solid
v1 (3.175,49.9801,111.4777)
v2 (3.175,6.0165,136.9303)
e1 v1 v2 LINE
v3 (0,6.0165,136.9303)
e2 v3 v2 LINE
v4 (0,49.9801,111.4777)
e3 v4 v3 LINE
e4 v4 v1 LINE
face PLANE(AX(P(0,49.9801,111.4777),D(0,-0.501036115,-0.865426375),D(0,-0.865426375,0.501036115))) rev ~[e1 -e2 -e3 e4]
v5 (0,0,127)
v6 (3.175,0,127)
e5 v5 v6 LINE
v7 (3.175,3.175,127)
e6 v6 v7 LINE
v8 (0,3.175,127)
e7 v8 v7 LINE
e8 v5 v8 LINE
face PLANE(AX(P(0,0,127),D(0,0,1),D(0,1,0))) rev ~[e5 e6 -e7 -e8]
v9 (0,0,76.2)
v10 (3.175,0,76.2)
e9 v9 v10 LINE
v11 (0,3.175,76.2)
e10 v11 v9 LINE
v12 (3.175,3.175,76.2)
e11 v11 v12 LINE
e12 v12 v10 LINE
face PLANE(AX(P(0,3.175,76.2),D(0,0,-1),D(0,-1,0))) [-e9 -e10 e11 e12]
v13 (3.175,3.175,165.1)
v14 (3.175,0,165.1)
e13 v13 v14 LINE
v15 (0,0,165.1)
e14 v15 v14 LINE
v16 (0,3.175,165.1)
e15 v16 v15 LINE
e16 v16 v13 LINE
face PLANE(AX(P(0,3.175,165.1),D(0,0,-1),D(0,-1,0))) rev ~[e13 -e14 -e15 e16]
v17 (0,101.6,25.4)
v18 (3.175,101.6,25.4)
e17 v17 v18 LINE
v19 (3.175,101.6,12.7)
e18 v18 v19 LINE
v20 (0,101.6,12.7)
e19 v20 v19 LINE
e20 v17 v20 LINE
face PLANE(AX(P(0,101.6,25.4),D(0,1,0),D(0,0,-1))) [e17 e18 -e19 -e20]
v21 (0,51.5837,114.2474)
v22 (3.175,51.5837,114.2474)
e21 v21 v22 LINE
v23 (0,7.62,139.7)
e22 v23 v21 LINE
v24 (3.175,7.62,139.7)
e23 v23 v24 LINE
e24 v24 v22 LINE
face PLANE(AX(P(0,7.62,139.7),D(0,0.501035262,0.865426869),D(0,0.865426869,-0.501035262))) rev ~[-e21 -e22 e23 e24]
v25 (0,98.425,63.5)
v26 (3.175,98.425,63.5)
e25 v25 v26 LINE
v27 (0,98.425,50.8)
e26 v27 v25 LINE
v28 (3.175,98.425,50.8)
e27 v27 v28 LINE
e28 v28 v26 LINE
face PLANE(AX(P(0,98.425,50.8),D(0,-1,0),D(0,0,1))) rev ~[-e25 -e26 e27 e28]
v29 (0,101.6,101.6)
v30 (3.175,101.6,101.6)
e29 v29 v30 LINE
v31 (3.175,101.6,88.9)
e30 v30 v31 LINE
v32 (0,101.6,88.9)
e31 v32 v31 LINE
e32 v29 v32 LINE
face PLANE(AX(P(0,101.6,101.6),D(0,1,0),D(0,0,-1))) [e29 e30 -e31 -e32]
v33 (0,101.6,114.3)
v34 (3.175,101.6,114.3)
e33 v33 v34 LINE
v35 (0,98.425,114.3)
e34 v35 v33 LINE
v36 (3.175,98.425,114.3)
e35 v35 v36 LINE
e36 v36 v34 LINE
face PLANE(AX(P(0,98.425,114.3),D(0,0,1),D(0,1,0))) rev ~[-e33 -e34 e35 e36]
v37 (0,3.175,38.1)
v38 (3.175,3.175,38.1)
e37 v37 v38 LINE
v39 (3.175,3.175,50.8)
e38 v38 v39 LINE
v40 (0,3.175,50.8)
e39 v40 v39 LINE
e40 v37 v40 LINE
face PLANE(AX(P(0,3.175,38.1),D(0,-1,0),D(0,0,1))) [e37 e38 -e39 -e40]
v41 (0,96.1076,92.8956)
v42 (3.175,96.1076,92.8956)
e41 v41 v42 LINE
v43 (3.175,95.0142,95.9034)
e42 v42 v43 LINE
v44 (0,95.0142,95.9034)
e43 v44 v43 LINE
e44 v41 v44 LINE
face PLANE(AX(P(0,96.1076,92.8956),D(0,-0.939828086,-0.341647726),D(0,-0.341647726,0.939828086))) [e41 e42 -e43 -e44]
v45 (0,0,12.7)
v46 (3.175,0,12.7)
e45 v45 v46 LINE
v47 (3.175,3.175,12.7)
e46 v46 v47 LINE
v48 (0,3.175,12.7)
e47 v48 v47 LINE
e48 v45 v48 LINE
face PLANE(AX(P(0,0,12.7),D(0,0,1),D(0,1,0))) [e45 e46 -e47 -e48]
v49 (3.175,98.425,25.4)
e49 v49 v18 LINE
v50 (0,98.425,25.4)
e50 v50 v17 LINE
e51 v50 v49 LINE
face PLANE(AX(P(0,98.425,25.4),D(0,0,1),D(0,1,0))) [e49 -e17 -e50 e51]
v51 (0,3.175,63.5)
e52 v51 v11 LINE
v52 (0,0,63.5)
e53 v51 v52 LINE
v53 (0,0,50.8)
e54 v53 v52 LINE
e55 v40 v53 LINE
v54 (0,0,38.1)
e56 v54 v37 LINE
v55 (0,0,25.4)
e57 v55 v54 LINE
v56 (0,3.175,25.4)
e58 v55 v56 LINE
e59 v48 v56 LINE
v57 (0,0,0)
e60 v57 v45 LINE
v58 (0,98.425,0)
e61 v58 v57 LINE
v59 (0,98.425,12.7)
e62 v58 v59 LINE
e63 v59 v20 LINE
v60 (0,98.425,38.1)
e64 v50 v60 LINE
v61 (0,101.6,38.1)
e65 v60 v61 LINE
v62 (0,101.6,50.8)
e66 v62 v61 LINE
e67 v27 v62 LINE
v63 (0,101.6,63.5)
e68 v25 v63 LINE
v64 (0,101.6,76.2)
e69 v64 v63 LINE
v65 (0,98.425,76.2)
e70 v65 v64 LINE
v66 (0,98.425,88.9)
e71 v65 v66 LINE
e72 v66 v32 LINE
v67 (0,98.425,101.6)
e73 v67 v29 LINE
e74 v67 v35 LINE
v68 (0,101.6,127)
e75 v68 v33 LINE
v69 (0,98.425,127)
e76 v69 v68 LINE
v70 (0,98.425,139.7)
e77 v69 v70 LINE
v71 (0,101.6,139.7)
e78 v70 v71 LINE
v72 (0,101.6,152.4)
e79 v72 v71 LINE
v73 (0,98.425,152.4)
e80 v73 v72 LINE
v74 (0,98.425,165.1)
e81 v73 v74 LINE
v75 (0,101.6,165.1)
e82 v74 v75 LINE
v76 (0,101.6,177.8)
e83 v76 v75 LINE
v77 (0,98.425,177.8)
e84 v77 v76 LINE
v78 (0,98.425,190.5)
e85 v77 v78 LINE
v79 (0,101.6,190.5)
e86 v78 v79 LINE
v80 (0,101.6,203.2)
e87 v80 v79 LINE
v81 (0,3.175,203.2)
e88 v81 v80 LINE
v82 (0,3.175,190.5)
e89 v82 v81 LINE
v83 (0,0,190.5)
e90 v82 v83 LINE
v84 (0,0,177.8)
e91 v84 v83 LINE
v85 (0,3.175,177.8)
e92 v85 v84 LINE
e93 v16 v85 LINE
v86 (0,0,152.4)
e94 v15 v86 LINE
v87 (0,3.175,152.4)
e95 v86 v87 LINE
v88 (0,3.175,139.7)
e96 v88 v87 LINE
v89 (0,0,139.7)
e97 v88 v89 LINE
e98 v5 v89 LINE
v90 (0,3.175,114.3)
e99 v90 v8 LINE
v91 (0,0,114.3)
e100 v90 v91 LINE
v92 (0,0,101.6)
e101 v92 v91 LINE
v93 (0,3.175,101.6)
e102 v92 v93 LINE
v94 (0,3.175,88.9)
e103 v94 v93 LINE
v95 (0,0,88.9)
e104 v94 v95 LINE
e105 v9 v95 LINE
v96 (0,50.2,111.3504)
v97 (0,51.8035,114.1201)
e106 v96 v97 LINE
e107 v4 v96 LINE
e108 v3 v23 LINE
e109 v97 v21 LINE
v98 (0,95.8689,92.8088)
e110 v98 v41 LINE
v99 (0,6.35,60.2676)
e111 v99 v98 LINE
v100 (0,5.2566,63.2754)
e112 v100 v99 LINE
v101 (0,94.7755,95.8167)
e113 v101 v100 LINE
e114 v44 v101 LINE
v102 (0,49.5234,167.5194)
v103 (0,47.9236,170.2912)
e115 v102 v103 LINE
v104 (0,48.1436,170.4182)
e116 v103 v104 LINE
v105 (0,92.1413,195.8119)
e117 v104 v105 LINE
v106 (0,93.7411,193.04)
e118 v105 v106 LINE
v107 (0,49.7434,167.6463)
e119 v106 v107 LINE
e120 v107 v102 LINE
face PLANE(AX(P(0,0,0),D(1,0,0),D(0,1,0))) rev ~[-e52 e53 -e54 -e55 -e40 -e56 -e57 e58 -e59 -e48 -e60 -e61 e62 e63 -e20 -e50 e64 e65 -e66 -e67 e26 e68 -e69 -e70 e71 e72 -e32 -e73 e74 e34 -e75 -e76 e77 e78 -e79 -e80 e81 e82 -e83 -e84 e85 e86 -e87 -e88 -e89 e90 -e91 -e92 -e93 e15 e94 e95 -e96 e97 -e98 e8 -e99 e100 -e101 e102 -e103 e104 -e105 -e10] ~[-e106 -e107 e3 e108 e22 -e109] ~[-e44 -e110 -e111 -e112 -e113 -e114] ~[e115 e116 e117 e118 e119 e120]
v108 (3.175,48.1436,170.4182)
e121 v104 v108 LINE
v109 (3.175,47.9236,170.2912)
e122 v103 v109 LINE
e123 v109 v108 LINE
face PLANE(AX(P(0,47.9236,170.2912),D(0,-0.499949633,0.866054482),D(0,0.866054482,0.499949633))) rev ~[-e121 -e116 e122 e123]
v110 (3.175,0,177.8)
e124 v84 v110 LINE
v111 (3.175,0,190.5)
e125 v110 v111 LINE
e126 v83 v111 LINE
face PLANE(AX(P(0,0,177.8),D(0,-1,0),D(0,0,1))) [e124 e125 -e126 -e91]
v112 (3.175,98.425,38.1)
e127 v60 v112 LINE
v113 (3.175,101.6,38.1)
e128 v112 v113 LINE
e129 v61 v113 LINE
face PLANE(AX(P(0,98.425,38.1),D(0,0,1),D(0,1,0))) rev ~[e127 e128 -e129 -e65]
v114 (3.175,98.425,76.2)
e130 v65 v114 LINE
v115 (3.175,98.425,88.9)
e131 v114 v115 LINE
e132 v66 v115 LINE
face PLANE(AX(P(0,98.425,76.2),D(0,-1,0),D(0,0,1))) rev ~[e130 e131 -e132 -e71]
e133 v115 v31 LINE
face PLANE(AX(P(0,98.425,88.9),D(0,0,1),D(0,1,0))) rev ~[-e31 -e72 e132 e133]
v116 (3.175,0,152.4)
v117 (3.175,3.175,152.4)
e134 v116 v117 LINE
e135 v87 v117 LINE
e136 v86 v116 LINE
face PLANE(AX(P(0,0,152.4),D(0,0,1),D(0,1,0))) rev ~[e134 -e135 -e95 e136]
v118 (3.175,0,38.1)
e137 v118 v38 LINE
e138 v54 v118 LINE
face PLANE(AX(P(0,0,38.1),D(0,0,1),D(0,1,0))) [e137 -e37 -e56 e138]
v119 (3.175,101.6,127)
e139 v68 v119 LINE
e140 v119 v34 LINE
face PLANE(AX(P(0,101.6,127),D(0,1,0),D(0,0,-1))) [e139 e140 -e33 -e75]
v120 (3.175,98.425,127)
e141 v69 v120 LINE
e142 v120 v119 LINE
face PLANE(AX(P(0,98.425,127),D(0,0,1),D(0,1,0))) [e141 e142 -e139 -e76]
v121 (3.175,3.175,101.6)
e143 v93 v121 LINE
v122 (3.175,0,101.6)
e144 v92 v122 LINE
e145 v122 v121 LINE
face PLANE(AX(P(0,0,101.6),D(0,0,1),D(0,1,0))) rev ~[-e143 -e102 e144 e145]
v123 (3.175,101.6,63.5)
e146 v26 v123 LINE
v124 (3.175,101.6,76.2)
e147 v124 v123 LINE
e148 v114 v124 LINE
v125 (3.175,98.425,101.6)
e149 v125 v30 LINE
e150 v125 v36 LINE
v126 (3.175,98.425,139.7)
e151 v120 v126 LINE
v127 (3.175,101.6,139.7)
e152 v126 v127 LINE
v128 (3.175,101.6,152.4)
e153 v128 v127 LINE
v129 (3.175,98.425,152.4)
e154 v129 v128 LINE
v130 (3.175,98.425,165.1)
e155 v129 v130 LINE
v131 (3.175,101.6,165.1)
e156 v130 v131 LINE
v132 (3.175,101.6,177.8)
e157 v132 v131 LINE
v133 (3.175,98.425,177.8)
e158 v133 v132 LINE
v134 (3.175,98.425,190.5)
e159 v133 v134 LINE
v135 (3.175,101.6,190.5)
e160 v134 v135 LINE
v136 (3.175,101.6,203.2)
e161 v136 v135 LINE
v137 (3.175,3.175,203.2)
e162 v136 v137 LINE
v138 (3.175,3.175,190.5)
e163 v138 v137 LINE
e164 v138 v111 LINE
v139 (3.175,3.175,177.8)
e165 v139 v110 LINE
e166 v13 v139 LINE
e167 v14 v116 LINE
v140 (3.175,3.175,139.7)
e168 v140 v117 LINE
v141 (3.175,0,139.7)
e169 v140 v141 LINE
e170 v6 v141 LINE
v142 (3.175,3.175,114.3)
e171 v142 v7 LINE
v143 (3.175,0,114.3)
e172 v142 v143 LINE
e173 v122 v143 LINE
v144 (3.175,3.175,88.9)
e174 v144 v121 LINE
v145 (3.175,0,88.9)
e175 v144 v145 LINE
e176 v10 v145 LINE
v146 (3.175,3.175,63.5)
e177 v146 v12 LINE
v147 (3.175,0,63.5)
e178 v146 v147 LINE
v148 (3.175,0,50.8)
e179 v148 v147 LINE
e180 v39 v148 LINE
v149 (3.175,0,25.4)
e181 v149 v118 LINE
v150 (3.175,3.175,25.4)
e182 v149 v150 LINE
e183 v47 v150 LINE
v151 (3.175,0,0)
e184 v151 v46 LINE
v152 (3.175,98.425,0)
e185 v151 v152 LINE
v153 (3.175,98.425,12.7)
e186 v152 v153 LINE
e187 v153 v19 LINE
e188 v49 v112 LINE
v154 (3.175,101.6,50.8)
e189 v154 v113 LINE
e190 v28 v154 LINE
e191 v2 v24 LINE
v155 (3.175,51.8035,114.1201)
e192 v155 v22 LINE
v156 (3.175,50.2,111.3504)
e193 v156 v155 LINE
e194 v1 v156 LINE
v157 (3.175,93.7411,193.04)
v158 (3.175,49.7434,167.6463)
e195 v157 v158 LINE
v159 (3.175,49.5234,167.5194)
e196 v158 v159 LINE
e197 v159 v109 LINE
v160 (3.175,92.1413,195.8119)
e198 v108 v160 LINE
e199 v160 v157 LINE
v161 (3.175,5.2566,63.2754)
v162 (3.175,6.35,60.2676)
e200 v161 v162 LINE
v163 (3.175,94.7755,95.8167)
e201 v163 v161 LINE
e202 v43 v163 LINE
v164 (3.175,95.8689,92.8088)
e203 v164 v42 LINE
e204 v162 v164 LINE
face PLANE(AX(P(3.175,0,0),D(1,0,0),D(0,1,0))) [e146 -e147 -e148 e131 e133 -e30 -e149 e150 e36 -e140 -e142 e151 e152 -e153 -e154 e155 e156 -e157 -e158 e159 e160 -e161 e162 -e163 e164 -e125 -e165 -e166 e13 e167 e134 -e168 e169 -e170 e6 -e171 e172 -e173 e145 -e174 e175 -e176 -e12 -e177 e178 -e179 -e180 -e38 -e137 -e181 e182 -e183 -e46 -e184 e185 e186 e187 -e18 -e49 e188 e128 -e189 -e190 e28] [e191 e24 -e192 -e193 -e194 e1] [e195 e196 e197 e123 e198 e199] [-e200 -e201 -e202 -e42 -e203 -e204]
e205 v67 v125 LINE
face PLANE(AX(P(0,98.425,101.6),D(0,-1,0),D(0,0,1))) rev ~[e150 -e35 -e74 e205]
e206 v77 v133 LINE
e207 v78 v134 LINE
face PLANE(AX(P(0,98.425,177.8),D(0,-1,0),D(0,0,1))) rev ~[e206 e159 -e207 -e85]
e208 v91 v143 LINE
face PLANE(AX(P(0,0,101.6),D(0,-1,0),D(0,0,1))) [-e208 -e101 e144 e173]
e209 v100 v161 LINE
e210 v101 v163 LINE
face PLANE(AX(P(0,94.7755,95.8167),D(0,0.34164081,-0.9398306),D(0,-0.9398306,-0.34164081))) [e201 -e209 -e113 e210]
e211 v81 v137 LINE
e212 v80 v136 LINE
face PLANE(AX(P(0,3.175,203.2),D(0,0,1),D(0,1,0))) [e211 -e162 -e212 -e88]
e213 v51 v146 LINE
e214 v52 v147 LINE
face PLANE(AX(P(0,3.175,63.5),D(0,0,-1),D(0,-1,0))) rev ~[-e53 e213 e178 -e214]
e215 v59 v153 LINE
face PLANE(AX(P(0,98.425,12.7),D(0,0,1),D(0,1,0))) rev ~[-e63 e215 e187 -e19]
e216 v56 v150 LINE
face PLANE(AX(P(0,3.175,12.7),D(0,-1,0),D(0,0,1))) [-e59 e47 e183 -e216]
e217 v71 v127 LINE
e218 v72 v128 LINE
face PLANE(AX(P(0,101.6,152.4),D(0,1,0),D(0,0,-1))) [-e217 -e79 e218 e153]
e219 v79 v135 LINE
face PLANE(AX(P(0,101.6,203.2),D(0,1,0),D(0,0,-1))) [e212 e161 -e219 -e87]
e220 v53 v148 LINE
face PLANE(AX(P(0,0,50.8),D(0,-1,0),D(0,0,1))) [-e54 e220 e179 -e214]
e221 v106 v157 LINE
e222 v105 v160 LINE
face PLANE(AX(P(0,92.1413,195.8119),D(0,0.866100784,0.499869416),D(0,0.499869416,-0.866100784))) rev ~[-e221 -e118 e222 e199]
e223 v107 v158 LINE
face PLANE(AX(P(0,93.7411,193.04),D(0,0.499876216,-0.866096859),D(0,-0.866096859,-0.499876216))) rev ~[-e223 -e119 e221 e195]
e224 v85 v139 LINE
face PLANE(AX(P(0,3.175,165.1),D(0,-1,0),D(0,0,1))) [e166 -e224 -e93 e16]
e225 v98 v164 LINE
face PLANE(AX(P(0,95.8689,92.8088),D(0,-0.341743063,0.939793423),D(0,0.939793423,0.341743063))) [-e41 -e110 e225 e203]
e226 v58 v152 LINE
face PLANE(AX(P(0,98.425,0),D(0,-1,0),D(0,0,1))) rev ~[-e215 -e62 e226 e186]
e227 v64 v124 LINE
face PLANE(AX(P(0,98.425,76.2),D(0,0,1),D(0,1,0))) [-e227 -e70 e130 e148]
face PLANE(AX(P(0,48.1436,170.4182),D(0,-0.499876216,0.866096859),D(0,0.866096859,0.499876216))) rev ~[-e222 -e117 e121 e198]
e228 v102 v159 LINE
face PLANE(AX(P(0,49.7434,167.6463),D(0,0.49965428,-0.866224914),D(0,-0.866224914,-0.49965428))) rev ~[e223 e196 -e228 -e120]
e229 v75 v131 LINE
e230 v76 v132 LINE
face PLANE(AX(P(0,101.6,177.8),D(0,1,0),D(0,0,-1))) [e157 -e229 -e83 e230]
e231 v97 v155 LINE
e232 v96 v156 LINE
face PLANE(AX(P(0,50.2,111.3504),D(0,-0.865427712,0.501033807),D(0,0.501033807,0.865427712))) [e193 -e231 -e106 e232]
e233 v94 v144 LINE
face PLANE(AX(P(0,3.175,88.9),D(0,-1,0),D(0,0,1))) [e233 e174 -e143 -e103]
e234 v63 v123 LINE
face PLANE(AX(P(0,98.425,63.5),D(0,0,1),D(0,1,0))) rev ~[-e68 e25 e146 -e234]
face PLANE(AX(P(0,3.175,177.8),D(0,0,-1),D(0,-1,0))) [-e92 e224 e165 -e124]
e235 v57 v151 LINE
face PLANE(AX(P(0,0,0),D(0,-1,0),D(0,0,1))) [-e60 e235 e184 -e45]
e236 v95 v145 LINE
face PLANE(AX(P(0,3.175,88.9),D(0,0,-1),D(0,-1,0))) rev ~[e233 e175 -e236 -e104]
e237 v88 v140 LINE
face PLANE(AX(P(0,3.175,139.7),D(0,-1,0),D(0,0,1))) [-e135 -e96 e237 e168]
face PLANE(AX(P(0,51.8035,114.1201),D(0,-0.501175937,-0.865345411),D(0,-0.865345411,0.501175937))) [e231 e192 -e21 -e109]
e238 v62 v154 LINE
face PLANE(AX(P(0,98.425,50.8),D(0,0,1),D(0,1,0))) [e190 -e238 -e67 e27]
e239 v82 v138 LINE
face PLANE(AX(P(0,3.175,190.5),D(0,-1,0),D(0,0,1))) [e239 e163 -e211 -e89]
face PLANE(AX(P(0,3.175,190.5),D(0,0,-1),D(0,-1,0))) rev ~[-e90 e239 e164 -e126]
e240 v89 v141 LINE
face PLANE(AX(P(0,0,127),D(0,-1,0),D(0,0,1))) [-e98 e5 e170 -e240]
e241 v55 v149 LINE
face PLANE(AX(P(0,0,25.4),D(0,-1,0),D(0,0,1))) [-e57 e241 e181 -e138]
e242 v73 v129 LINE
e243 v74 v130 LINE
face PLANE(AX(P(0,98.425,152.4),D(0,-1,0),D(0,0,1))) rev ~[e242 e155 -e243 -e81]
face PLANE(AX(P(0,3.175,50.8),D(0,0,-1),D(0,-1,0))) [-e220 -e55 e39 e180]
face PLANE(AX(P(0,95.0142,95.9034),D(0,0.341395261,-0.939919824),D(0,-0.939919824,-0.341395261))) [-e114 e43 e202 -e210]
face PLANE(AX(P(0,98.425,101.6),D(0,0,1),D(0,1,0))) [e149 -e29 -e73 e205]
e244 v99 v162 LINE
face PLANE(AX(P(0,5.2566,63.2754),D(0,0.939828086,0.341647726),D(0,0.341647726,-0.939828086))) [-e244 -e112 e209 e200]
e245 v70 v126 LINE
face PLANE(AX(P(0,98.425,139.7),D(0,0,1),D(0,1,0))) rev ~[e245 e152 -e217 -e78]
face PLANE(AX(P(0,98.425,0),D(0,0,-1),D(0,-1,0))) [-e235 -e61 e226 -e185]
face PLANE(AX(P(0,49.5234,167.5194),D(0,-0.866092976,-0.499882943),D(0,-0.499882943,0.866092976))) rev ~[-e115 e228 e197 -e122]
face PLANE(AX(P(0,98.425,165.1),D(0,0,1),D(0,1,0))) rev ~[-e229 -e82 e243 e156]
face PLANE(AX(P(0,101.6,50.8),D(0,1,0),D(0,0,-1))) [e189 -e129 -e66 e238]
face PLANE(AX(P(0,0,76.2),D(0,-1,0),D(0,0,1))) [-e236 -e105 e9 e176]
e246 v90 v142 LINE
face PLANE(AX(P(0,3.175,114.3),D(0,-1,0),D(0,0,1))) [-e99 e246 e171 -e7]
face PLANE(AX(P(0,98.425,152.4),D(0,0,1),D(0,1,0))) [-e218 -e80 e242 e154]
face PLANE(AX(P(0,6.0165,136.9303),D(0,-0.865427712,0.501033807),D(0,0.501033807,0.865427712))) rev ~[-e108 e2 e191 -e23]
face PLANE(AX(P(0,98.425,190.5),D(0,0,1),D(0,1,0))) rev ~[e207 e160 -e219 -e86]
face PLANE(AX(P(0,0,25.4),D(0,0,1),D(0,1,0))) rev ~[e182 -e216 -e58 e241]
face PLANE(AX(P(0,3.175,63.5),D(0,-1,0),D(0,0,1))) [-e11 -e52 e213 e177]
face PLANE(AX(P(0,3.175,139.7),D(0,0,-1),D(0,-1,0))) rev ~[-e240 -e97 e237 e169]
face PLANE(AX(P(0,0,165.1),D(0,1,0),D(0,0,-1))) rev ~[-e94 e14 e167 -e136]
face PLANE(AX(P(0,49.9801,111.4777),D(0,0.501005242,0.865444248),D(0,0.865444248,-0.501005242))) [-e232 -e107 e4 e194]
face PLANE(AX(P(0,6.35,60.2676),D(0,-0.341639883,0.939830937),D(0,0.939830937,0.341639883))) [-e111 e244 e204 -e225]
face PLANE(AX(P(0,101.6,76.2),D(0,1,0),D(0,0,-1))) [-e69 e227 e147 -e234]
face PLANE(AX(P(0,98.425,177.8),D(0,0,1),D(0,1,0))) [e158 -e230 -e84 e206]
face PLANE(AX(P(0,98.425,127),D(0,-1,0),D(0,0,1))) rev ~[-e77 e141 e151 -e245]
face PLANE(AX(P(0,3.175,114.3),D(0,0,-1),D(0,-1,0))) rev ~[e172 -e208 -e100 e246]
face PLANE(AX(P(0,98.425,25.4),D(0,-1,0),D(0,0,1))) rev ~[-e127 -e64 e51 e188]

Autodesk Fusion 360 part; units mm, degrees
sketch "Sketch1" plane through (0, 0, 0) normal (1, 0, 0) x (0, 1, 0)
  line L0 (98.425, 139.7) -> (101.6, 139.7)
  line L1 (0, 101.6) -> (0, 114.3)
  line L2 (0, 127) -> (0, 139.7)
  line L3 (98.425, 114.3) -> (101.6, 114.3)
  line L4 (0, 127) -> (3.175, 127)
  line L5 (101.6, 101.6) -> (101.6, 88.9)
  line L6 (0, 101.6) -> (3.175, 101.6)
  line L7 (98.425, 0) -> (98.425, 203.2)
  line L8 (98.425, 114.3) -> (98.425, 101.6)
  line L9 (98.425, 88.9) -> (101.6, 88.9)
  line L10 (101.6, 0) -> (100.0125, 0)
  line L11 (98.425, 127) -> (101.6, 127)
  line L12 (98.425, 101.6) -> (101.6, 101.6)
  line L13 (98.425, 95.25) -> (98.425, 88.9)
  line L14 (3.175, 0) -> (3.175, 203.2)
  line L15 (101.6, 127) -> (101.6, 114.3)
  line L16 (3.175, 127) -> (3.175, 114.3)
  line L17 (3.175, 88.9) -> (0, 88.9)
  line L18 (98.425, 139.7) -> (98.425, 127)
  line L19 (3.175, 114.3) -> (0, 114.3)
  line L20 (3.175, 12.7) -> (3.175, 0)
  line L21 (3.175, 190.5) -> (3.175, 177.8)
  line L22 (3.175, 177.8) -> (0, 177.8)
  line L23 (101.6, 50.8) -> (101.6, 38.1)
  line L24 (3.175, 50.8) -> (3.175, 38.1)
  line L25 (98.425, 152.4) -> (101.6, 152.4)
  line L26 (98.425, 50.8) -> (101.6, 50.8)
  line L27 (98.425, 152.4) -> (98.425, 139.7)
  line L28 (3.175, 139.7) -> (0, 139.7)
  line L29 (0, 139.7) -> (0, 127)
  line L30 (3.175, 101.6) -> (3.175, 88.9)
  line L31 (98.425, 101.6) -> (98.425, 95.25)
  line L32 (98.425, 203.2) -> (98.425, 190.5)
  line L33 (101.6, 152.4) -> (101.6, 139.7)
  line L34 (101.6, 203.2) -> (101.6, 190.5)
  line L35 (3.175, 203.2) -> (3.175, 190.5)
  line L36 (0, 0) -> (11.0998, 0)
  line L37 (98.425, 177.8) -> (98.425, 165.1)
  line L38 (98.425, 127) -> (98.425, 114.3)
  line L39 (0, 165.1) -> (0, 152.4)
  line L40 (11.0998, 0) -> (6.0198, 0)
  line L41 (98.425, 88.9) -> (98.425, 76.2)
  line L42 (0, 38.1) -> (3.175, 38.1)
  line L43 (98.425, 38.1) -> (98.425, 25.4)
  line L44 (101.6, 177.8) -> (101.6, 165.1)
  line L45 (98.425, 12.7) -> (101.6, 12.7)
  line L46 (0, 177.8) -> (0, 190.5)
  line L47 (98.425, 177.8) -> (101.6, 177.8)
  line L48 (0, 76.2) -> (0, 88.9)
  line L49 (0, 114.3) -> (0, 101.6)
  line L50 (3.175, 190.5) -> (0, 190.5)
  line L51 (98.425, 190.5) -> (101.6, 190.5)
  line L52 (101.6, 0) -> (0, 0)
  line L53 (98.425, 38.1) -> (101.6, 38.1)
  line L54 (90.5002, 0) -> (95.5802, 0)
  line L55 (3.175, 203.2) -> (101.6, 203.2)
  line L56 (98.425, 76.2) -> (101.6, 76.2)
  line L57 (98.425, 165.1) -> (101.6, 165.1)
  line L58 (98.425, 63.5) -> (98.425, 50.8)
  line L59 (98.425, 25.4) -> (101.6, 25.4)
  line L60 (0, 0) -> (0, 12.7)
  line L61 (3.175, 63.5) -> (0, 63.5)
  line L62 (98.425, 63.5) -> (101.6, 63.5)
  line L63 (0, 152.4) -> (0, 165.1)
  line L64 (0, 152.4) -> (3.175, 152.4)
  line L65 (0, 25.4) -> (0, 38.1)
  line L66 (0, 0) -> (12.065, 0)
  line L67 (3.175, 50.8) -> (0, 50.8)
  line L68 (101.6, 203.2) -> (98.425, 203.2)
  line L69 (98.425, 190.5) -> (98.425, 177.8)
  line L70 (101.6, 76.2) -> (101.6, 63.5)
  line L71 (101.6, 0) -> (90.5002, 0)
  line L72 (3.175, 25.4) -> (3.175, 12.7)
  line L73 (98.425, 25.4) -> (98.425, 12.7)
  line L74 (3.175, 38.1) -> (3.175, 25.4)
  line L75 (0, 12.7) -> (3.175, 12.7)
  line L76 (0, 50.8) -> (0, 63.5)
  line L77 (0, 25.4) -> (3.175, 25.4)
  line L78 (3.175, 177.8) -> (3.175, 165.1)
  line L79 (101.6, 0) -> (98.425, 0)
  line L80 (101.6, 0) -> (85.725, 0)
  line L81 (101.6, 25.4) -> (101.6, 12.7)
  line L82 (3.175, 76.2) -> (0, 76.2)
  line L83 (98.425, 165.1) -> (98.425, 152.4)
  line L84 (3.175, 63.5) -> (3.175, 50.8)
  line L85 (3.175, 152.4) -> (3.175, 139.7)
  line L86 (98.425, 76.2) -> (98.425, 63.5)
  line L87 (3.175, 165.1) -> (0, 165.1)
  line L88 (98.425, 50.8) -> (98.425, 38.1)
  line L89 (3.175, 76.2) -> (3.175, 63.5)
  line L90 (0, 0) -> (3.175, 0)
  line L91 (3.175, 88.9) -> (3.175, 76.2)
  line L92 (98.425, 203.2) -> (98.425, 177.8)
  line L93 (3.175, 0) -> (3.175, 59.055)
  line L94 (7.62, 139.7) -> (51.5837, 114.2474)
  line L95 (49.9801, 111.4777) -> (6.0165, 136.9303)
  line L96 (6.0165, 136.9303) -> (7.62, 139.7)
  line L97 (93.7411, 193.04) -> (49.7434, 167.6463)
  line L98 (92.1413, 195.8119) -> (93.7411, 193.04)
  line L99 (48.1436, 170.4182) -> (92.1413, 195.8119)
  line L100 (3.175, 60.2676) -> (4.1957, 60.2676)
  line L101 (4.1957, 60.2676) -> (6.35, 60.2676)
  line L102 (6.35, 60.2676) -> (95.8689, 92.8088)
  line L103 (94.7755, 95.8167) -> (5.2566, 63.2754)
  line L104 (49.9801, 111.4777) -> (50.2, 111.3504)
  line L105 (50.2, 111.3504) -> (51.8035, 114.1201)
  line L106 (51.8035, 114.1201) -> (51.5837, 114.2474)
  line L107 (95.8689, 92.8088) -> (96.1076, 92.8956)
  line L108 (96.1076, 92.8956) -> (95.0142, 95.9034)
  line L109 (95.0142, 95.9034) -> (94.7755, 95.8167)
  line L110 (49.7434, 167.6463) -> (49.5234, 167.5194)
  line L111 (49.5234, 167.5194) -> (47.9236, 170.2912)
  line L112 (47.9236, 170.2912) -> (48.1436, 170.4182)
  line L113 (5.2566, 63.2754) -> (6.35, 60.2676)
  dimension "d9" = 11.0998
  dimension "d10" = 11.0998
  dimension "d14" = 5.08
  dimension "d15" = 5.08
  dimension "d27" = 3.175
  dimension "d28" = 3.175
  dimension "d40" = 3.175
  dimension "d41" = 3.175
  dimension "d42" = 12.7
  dimension "d43" = 12.7
  dimension "d44" = 12.7
  dimension "d45" = 12.7
  dimension "d46" = 12.7
  dimension "d47" = 12.7
  dimension "d48" = 12.7
  dimension "d49" = 12.7
  dimension "d50" = 6.35
  dimension "d51" = 6.35
  dimension "d52" = 12.7
  dimension "d53" = 12.7
  dimension "d54" = 12.7
  dimension "d55" = 12.7
  dimension "d56" = 12.7
  dimension "d57" = 12.7
  dimension "d74" = 59.055
  dimension "d78" = 50.8
  dimension "d79" = 3.2004
  dimension "d80" = 50.8
  dimension "d81" = 50.8
  dimension "d82" = 3.2004
  dimension "d83" = 50.8
  dimension "d84" = 95.25
  dimension "d85" = 3.2004
  dimension "d86" = 95.25
  dimension "d87" = 0.254
  dimension "d88" = 0.254
  dimension "d89" = 3.2004
  dimension "d90" = 0.254
  dimension "d91" = 3.2004
extrude "Extrude1" add sketch "Sketch1" along normal blind 3.175
sketch "Sketch2" plane through (0, 0, 0) normal (1, 0, 0) x (0, 1, 0)
equation "d9 = 0.5 in - 0.063 in"
